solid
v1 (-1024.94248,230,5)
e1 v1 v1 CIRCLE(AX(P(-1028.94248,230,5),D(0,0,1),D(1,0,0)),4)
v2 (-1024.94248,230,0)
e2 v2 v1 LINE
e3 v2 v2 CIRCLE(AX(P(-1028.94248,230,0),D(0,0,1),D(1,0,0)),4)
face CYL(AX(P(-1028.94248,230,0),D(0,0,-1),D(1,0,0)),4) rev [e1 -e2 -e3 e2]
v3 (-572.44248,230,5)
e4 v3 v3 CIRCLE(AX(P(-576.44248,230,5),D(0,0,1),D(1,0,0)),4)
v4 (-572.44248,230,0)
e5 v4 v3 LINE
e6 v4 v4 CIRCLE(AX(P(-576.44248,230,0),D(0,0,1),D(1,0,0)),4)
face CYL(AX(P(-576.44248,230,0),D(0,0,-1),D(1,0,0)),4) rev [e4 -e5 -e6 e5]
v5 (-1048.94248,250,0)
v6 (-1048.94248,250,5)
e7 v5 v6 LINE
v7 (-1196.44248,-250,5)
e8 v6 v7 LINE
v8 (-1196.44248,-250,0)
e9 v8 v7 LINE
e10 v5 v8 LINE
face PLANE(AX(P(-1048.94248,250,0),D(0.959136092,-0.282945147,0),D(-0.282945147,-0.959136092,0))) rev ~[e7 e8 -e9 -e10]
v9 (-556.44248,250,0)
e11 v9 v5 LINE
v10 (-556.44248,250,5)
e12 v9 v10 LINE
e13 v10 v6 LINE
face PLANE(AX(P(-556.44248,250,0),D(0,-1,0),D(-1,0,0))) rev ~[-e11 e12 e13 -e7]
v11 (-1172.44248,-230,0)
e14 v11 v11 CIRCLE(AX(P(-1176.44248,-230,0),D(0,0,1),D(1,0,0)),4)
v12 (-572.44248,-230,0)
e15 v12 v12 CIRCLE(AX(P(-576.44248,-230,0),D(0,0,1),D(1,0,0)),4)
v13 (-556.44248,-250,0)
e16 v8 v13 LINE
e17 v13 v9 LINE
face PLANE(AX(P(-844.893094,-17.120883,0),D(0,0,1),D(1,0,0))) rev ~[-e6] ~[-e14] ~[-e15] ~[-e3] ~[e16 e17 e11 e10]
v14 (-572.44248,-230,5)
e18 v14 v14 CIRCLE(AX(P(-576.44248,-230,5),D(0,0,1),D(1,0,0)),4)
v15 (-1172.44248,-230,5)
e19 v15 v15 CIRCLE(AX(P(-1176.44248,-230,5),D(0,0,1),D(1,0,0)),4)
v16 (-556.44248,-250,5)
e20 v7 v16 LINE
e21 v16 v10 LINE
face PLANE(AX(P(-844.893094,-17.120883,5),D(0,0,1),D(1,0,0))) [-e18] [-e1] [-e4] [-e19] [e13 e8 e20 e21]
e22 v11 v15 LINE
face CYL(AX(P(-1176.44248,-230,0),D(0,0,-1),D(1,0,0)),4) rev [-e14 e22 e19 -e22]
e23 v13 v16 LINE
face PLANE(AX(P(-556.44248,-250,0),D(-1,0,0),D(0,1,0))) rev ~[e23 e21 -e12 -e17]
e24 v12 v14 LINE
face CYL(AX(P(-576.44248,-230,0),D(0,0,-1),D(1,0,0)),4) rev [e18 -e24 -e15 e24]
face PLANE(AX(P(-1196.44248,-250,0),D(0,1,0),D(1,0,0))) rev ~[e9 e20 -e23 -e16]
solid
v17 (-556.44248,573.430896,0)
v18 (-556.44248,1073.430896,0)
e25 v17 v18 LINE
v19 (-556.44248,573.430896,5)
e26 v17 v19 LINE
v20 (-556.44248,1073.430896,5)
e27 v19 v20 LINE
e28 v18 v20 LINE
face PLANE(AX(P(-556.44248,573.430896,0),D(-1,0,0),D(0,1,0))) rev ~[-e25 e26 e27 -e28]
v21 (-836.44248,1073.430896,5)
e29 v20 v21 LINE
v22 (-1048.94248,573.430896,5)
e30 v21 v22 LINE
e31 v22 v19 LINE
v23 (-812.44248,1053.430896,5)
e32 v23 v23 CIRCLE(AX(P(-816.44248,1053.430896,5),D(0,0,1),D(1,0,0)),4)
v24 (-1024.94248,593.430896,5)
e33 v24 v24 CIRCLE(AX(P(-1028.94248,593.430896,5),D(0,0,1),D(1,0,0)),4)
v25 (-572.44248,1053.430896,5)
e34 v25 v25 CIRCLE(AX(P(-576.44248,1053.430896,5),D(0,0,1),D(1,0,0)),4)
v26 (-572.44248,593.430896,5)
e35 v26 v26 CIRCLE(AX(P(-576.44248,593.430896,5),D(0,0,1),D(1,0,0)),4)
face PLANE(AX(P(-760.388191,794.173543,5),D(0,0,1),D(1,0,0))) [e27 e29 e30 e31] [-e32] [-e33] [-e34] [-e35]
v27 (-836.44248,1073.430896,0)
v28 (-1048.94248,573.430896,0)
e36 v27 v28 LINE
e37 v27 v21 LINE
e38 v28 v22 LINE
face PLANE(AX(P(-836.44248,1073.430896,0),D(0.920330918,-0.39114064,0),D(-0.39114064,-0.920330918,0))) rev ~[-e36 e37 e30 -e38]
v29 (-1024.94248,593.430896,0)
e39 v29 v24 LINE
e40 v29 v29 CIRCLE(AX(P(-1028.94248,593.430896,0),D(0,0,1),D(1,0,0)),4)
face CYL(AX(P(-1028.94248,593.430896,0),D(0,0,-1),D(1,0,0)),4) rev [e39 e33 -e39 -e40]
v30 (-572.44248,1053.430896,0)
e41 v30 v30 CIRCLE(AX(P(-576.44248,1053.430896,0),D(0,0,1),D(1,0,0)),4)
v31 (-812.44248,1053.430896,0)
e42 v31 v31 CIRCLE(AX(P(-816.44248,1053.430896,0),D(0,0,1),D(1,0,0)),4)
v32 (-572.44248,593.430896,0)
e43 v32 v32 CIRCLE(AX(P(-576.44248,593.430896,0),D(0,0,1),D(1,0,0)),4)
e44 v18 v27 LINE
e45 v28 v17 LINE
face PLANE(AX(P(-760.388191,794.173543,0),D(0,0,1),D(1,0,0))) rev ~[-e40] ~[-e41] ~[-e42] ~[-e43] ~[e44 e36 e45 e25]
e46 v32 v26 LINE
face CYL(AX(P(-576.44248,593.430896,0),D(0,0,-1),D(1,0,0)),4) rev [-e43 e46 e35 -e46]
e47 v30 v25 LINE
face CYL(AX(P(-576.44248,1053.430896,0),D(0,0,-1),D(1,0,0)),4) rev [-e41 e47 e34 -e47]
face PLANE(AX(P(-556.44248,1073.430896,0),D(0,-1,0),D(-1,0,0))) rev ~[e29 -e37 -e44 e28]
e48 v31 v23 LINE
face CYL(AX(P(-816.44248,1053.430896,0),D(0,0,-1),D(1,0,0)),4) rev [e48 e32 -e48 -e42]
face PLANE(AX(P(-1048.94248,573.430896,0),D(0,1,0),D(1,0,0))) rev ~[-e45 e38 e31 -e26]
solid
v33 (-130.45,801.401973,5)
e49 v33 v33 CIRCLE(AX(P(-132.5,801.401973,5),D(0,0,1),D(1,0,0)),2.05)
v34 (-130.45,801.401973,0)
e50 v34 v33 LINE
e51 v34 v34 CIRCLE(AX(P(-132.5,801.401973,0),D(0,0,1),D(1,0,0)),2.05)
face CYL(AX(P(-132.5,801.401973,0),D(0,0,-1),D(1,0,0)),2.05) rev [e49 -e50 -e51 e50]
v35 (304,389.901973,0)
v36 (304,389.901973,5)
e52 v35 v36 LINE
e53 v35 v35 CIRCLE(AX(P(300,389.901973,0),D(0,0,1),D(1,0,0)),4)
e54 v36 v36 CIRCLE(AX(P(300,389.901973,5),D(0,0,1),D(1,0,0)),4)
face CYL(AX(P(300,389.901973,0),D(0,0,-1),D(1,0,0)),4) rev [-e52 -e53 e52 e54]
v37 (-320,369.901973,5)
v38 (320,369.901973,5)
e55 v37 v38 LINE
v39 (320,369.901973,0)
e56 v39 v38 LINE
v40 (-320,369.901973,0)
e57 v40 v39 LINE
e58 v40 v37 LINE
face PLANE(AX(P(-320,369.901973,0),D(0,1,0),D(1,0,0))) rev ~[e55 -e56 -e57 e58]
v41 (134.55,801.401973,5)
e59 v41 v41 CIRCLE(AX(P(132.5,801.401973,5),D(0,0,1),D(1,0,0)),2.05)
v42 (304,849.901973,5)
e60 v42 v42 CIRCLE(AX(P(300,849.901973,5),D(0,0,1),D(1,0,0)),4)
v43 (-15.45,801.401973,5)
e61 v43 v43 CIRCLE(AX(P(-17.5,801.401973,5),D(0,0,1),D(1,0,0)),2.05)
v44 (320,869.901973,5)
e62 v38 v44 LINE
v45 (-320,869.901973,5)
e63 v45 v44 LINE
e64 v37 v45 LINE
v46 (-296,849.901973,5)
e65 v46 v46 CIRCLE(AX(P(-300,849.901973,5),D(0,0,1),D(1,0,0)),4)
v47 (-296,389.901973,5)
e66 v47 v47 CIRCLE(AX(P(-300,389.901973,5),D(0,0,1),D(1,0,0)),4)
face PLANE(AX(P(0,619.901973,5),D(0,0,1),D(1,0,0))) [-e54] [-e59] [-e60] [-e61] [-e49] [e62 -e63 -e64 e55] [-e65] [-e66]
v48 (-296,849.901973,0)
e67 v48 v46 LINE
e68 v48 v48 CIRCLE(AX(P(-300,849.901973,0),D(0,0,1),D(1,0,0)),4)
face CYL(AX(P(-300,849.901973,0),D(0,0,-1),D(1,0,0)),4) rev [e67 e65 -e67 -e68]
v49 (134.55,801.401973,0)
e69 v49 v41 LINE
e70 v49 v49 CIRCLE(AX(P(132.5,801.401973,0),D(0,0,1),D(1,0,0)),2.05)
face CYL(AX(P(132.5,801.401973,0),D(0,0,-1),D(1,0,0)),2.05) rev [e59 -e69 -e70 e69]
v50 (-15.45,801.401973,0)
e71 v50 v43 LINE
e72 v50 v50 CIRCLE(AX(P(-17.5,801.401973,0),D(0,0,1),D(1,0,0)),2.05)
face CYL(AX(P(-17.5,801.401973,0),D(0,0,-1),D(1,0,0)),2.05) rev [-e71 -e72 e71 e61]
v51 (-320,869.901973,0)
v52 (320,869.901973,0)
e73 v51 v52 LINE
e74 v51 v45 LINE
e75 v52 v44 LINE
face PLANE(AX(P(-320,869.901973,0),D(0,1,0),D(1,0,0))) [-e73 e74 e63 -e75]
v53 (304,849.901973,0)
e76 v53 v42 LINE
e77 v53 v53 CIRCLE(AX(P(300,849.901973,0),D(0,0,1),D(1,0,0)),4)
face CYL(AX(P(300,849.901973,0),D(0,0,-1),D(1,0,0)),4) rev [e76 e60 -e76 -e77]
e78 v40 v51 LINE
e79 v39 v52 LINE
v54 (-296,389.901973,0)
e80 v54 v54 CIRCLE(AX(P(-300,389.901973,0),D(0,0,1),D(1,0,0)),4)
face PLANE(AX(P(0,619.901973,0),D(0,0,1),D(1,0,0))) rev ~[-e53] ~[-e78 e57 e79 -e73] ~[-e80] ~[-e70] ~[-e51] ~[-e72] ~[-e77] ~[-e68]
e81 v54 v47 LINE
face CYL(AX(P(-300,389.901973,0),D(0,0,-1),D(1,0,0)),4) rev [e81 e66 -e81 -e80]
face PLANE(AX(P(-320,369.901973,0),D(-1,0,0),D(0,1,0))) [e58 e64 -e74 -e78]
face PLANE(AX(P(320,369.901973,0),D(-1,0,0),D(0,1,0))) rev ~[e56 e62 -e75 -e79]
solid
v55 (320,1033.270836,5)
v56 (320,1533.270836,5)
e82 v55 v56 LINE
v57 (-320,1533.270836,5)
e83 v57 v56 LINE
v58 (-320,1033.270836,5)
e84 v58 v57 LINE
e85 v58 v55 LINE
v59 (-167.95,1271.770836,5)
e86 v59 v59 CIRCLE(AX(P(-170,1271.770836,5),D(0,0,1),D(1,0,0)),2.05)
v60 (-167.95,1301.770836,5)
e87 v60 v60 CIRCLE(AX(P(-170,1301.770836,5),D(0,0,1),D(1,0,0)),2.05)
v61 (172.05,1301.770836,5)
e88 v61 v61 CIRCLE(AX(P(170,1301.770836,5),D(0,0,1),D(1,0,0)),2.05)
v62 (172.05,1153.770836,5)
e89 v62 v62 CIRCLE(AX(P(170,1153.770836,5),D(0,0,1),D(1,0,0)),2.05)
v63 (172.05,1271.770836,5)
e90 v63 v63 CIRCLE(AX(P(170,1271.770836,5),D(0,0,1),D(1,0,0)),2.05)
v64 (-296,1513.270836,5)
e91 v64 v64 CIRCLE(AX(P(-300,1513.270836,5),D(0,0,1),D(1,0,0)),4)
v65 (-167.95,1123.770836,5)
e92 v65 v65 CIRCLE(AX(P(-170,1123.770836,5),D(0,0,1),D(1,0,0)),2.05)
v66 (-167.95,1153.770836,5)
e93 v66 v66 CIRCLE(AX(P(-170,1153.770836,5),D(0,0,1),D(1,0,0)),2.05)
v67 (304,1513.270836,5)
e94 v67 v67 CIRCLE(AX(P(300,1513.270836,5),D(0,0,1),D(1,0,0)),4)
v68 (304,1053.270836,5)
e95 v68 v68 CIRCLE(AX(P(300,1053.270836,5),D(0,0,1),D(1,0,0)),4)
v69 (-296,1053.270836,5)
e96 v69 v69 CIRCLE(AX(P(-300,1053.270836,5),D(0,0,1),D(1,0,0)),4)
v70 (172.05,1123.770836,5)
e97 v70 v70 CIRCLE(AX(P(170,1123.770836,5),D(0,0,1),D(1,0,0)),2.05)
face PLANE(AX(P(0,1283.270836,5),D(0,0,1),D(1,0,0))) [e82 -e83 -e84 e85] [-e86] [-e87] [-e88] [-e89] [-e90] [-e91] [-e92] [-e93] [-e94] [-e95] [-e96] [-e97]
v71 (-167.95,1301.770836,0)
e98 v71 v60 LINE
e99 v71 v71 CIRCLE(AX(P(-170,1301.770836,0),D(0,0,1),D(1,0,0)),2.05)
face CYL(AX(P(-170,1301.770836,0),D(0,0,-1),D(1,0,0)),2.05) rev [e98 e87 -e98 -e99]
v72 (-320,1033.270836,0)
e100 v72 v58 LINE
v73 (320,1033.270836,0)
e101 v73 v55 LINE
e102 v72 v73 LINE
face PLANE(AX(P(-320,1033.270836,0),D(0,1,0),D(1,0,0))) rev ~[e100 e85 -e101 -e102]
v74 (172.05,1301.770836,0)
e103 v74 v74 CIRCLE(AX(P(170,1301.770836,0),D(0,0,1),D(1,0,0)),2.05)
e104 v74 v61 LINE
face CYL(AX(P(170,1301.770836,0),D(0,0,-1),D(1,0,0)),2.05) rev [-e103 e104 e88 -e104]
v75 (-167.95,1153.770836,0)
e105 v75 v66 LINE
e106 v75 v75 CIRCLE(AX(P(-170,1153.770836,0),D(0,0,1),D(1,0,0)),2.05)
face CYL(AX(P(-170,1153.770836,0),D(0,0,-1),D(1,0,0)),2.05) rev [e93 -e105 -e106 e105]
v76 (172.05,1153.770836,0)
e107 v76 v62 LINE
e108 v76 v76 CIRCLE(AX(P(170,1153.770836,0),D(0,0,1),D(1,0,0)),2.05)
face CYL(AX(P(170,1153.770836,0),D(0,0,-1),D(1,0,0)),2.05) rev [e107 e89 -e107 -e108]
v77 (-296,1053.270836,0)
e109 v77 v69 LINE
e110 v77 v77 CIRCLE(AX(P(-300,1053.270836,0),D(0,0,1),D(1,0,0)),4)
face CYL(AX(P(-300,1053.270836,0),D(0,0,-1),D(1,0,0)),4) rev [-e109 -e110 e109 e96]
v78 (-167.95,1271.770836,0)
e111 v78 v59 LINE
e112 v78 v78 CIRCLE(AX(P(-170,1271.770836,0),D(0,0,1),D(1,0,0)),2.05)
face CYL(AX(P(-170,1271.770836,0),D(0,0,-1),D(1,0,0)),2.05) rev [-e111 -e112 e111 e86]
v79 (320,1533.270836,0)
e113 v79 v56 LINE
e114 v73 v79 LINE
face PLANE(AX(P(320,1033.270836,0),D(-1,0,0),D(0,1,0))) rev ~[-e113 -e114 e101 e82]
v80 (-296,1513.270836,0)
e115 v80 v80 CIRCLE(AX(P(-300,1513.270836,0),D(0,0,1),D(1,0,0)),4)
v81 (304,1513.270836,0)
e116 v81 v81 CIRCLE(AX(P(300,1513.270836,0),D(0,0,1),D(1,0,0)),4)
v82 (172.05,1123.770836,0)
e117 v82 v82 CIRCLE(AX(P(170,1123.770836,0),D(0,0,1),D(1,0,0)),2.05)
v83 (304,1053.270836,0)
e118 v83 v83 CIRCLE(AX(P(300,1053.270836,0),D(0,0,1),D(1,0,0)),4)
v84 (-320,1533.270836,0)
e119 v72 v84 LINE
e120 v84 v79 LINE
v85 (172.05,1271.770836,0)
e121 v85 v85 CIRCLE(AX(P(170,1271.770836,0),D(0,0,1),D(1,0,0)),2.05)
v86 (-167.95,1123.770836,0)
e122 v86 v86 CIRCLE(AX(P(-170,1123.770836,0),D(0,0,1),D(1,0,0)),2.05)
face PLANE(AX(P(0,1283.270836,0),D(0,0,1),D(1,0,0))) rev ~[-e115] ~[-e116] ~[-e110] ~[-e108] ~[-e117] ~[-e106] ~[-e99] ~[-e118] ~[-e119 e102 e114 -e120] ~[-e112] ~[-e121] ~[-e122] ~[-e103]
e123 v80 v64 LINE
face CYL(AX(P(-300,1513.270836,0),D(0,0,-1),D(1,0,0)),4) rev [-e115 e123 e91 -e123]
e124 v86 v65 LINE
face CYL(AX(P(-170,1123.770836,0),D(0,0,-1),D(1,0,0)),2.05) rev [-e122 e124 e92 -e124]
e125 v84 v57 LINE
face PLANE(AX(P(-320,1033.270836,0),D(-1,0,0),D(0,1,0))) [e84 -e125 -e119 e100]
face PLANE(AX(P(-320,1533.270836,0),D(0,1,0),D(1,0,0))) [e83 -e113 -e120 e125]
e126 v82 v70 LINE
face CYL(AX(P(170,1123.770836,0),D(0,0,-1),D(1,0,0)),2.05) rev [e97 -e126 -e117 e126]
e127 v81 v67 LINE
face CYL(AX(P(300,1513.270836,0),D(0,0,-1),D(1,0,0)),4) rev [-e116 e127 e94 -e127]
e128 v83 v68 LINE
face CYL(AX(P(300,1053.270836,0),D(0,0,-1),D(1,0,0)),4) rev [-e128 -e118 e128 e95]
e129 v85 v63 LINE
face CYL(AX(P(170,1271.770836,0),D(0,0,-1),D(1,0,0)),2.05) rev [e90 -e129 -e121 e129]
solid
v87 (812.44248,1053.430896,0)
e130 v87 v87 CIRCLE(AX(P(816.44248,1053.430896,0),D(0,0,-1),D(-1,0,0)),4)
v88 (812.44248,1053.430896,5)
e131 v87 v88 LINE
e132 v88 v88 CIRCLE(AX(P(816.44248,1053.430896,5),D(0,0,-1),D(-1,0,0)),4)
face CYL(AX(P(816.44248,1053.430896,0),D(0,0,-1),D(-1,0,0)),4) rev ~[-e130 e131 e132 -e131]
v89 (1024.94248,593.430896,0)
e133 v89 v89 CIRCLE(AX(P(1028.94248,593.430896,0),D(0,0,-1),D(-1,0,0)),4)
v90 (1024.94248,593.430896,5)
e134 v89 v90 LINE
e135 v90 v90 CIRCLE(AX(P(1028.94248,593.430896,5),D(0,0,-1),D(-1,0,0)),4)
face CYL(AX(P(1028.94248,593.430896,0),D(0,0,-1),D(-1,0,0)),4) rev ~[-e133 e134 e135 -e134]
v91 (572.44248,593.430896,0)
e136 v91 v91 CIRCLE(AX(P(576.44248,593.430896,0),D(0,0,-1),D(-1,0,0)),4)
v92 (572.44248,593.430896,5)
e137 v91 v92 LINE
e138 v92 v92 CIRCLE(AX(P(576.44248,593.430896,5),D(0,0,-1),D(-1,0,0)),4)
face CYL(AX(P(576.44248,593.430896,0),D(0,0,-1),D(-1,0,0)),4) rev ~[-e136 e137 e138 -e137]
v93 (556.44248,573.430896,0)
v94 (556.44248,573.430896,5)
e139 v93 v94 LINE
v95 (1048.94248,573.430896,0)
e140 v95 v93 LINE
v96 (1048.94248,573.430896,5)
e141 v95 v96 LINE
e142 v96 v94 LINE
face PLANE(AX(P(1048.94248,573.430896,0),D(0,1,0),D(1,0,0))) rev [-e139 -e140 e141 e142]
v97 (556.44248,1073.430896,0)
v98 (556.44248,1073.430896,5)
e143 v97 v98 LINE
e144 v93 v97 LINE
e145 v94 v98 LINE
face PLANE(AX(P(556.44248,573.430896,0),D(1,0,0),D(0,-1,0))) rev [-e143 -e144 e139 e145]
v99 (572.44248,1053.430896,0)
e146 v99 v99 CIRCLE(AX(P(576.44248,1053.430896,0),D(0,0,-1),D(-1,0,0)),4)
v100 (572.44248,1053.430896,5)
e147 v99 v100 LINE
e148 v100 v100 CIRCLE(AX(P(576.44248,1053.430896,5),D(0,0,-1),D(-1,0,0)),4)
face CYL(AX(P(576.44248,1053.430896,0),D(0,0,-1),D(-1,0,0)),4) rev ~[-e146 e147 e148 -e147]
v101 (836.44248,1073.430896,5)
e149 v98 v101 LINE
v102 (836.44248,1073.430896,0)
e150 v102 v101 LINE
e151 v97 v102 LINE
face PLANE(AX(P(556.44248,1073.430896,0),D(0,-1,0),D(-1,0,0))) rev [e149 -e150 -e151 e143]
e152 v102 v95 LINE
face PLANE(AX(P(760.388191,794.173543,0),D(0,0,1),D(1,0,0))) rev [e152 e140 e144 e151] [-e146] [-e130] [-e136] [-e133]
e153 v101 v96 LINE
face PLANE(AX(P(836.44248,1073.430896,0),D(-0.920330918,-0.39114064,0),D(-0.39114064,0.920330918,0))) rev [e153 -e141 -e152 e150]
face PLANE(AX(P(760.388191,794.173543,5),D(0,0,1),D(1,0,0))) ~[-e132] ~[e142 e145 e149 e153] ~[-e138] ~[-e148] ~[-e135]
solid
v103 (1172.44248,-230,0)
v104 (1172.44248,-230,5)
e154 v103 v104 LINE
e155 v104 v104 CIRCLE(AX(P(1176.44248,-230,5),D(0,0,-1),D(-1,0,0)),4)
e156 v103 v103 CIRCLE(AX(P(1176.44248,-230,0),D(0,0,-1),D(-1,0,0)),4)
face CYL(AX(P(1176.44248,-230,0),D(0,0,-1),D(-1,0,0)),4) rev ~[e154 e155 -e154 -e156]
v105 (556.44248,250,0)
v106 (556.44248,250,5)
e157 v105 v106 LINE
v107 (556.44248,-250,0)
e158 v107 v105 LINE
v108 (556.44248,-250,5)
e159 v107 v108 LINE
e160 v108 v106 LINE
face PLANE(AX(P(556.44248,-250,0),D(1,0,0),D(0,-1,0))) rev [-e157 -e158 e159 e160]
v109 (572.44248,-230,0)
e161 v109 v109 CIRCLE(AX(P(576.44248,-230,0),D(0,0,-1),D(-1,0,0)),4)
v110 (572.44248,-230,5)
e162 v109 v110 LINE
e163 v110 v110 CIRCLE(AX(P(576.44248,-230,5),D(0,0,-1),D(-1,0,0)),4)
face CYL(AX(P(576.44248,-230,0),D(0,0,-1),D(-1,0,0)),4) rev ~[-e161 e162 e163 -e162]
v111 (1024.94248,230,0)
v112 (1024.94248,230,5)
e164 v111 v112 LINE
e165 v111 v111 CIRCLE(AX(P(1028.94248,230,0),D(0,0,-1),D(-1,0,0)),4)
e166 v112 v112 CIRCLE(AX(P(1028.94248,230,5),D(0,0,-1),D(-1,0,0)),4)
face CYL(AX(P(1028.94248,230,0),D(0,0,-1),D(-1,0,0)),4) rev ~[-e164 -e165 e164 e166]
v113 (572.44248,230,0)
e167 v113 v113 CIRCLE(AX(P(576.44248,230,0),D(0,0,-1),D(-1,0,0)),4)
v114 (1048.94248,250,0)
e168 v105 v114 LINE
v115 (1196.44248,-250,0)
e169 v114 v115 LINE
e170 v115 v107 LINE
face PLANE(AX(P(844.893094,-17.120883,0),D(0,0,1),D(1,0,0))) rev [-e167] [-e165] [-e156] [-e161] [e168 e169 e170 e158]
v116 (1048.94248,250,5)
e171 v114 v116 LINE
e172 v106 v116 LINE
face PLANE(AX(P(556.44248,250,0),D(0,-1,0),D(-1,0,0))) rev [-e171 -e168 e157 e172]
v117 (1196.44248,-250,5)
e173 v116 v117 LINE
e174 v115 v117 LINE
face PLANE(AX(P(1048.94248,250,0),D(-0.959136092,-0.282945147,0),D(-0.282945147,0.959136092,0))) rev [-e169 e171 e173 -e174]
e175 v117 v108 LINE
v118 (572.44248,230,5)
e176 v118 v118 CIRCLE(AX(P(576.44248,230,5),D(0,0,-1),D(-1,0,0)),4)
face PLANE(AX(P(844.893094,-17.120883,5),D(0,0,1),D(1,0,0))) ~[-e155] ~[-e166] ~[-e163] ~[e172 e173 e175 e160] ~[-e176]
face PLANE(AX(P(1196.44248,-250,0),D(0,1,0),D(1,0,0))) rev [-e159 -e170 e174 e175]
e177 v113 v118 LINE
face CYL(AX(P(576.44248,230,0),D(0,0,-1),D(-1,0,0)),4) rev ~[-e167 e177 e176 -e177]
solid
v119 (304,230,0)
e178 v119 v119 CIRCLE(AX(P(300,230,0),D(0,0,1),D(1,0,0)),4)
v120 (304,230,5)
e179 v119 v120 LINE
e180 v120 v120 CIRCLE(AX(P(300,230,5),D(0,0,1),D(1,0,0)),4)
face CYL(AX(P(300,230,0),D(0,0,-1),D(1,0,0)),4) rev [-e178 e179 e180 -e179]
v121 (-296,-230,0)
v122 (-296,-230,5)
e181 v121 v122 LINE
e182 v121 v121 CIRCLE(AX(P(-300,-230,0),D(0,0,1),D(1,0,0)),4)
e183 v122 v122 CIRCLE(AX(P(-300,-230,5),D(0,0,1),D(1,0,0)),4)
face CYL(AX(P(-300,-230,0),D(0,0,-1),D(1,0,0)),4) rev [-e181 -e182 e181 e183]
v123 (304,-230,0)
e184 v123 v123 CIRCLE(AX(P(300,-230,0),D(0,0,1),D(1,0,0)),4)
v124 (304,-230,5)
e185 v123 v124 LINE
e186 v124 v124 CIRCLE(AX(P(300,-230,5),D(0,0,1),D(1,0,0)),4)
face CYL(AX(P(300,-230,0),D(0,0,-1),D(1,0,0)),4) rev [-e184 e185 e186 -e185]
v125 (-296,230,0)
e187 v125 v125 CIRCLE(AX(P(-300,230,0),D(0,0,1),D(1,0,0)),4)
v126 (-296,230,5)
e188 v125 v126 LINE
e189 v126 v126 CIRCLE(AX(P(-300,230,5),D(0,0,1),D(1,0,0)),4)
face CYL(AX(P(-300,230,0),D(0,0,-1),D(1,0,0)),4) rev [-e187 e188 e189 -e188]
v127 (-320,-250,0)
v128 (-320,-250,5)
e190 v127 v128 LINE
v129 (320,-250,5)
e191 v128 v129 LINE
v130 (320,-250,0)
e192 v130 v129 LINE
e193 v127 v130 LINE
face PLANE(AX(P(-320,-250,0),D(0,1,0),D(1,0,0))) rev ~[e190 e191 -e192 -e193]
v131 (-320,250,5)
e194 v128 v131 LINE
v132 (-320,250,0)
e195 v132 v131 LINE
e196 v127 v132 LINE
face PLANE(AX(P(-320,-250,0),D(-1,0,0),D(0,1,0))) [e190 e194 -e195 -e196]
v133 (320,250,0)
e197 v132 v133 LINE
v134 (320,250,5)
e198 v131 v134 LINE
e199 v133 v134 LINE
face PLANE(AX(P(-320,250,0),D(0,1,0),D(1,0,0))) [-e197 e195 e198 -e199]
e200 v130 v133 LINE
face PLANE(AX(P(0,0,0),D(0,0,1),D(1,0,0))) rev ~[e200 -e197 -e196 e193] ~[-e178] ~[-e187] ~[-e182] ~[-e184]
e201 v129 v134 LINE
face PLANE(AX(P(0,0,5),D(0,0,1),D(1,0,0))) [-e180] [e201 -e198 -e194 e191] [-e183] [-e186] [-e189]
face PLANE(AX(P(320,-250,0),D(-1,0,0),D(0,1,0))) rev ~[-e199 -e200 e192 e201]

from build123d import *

# Parameters (mm, degrees)
F0_W     = 640
F0_H     = 500
F0_R     = 4
F1_DEPTH = 5
F2_R     = 4
F3_DEPTH = 5
F5_W     = 640
F5_H     = 500
F5_R     = 4
F5_R_2   = 2.05
F6_DEPTH = 5
F7_W     = 640
F7_H     = 500
F7_R     = 4
F7_R_2   = 2.05
F8_DEPTH = 5


with BuildPart() as f1:
    # F0 (on Top) → F1 (new body)
    with BuildSketch(Plane.XY):
        Rectangle(F0_W, F0_H)
        with Locations((-300, -230)):
            Circle(F0_R, mode=Mode.SUBTRACT)
        with Locations((300, -230)):
            Circle(F0_R, mode=Mode.SUBTRACT)
        with Locations((-300, 230)):
            Circle(F0_R, mode=Mode.SUBTRACT)
        with Locations((300, 230)):
            Circle(F0_R, mode=Mode.SUBTRACT)
    extrude(amount=F1_DEPTH)


with BuildPart() as f3:
    # F2 (on Top) → F3 (new body)
    with BuildSketch(Plane.XY):
        Polygon((-556.44248, -250), (-556.44248, 250), (-1048.94248, 250), (-1196.44248, -250), align=None)
        with Locations((-1176.44248, -230)):
            Circle(F2_R, mode=Mode.SUBTRACT)
        with Locations((-1028.94248, 230)):
            Circle(F2_R, mode=Mode.SUBTRACT)
        with Locations((-576.44248, -230)):
            Circle(F2_R, mode=Mode.SUBTRACT)
        with Locations((-576.44248, 230)):
            Circle(F2_R, mode=Mode.SUBTRACT)
        Polygon((-1048.94248, 573.430896), (-556.44248, 573.430896), (-556.44248, 1073.430896), (-836.44248, 1073.430896), align=None)
        with Locations((-1028.94248, 593.430896)):
            Circle(F2_R, mode=Mode.SUBTRACT)
        with Locations((-576.44248, 593.430896)):
            Circle(F2_R, mode=Mode.SUBTRACT)
        with Locations((-816.44248, 1053.430896)):
            Circle(F2_R, mode=Mode.SUBTRACT)
        with Locations((-576.44248, 1053.430896)):
            Circle(F2_R, mode=Mode.SUBTRACT)
    extrude(amount=F3_DEPTH)


with BuildPart() as f4_1:
    # F4: instance of F3
    add(f3.part.mirror(Plane.YZ))


with BuildPart() as f6:
    # F5 (on Top) → F6 (new body)
    with BuildSketch(Plane.XY):
        with Locations((0, 619.901973)):
            Rectangle(F5_W, F5_H)
        with Locations((-300, 389.901973)):
            Circle(F5_R, mode=Mode.SUBTRACT)
        with Locations((300, 389.901973)):
            Circle(F5_R, mode=Mode.SUBTRACT)
        with Locations((-300, 849.901973)):
            Circle(F5_R, mode=Mode.SUBTRACT)
        with Locations((-132.5, 801.401973)):
            Circle(F5_R_2, mode=Mode.SUBTRACT)
        with Locations((-17.5, 801.401973)):
            Circle(F5_R_2, mode=Mode.SUBTRACT)
        with Locations((132.5, 801.401973)):
            Circle(F5_R_2, mode=Mode.SUBTRACT)
        with Locations((300, 849.901973)):
            Circle(F5_R, mode=Mode.SUBTRACT)
    extrude(amount=F6_DEPTH)


with BuildPart() as f8:
    # F7 (on Top) → F8 (new body)
    with BuildSketch(Plane.XY):
        with Locations((0, 1283.270836)):
            Rectangle(F7_W, F7_H)
        with Locations((-300, 1053.270836)):
            Circle(F7_R, mode=Mode.SUBTRACT)
        with Locations((-170, 1123.770836)):
            Circle(F7_R_2, mode=Mode.SUBTRACT)
        with Locations((-170, 1153.770836)):
            Circle(F7_R_2, mode=Mode.SUBTRACT)
        with Locations((-170, 1271.770836)):
            Circle(F7_R_2, mode=Mode.SUBTRACT)
        with Locations((300, 1053.270836)):
            Circle(F7_R, mode=Mode.SUBTRACT)
        with Locations((170, 1123.770836)):
            Circle(F7_R_2, mode=Mode.SUBTRACT)
        with Locations((170, 1153.770836)):
            Circle(F7_R_2, mode=Mode.SUBTRACT)
        with Locations((170, 1271.770836)):
            Circle(F7_R_2, mode=Mode.SUBTRACT)
        with Locations((-170, 1301.770836)):
            Circle(F7_R_2, mode=Mode.SUBTRACT)
        with Locations((-300, 1513.270836)):
            Circle(F7_R, mode=Mode.SUBTRACT)
        with Locations((170, 1301.770836)):
            Circle(F7_R_2, mode=Mode.SUBTRACT)
        with Locations((300, 1513.270836)):
            Circle(F7_R, mode=Mode.SUBTRACT)
    extrude(amount=F8_DEPTH)


solid = Compound([f1.part, f3.part, f4_1.part, f6.part, f8.part])
